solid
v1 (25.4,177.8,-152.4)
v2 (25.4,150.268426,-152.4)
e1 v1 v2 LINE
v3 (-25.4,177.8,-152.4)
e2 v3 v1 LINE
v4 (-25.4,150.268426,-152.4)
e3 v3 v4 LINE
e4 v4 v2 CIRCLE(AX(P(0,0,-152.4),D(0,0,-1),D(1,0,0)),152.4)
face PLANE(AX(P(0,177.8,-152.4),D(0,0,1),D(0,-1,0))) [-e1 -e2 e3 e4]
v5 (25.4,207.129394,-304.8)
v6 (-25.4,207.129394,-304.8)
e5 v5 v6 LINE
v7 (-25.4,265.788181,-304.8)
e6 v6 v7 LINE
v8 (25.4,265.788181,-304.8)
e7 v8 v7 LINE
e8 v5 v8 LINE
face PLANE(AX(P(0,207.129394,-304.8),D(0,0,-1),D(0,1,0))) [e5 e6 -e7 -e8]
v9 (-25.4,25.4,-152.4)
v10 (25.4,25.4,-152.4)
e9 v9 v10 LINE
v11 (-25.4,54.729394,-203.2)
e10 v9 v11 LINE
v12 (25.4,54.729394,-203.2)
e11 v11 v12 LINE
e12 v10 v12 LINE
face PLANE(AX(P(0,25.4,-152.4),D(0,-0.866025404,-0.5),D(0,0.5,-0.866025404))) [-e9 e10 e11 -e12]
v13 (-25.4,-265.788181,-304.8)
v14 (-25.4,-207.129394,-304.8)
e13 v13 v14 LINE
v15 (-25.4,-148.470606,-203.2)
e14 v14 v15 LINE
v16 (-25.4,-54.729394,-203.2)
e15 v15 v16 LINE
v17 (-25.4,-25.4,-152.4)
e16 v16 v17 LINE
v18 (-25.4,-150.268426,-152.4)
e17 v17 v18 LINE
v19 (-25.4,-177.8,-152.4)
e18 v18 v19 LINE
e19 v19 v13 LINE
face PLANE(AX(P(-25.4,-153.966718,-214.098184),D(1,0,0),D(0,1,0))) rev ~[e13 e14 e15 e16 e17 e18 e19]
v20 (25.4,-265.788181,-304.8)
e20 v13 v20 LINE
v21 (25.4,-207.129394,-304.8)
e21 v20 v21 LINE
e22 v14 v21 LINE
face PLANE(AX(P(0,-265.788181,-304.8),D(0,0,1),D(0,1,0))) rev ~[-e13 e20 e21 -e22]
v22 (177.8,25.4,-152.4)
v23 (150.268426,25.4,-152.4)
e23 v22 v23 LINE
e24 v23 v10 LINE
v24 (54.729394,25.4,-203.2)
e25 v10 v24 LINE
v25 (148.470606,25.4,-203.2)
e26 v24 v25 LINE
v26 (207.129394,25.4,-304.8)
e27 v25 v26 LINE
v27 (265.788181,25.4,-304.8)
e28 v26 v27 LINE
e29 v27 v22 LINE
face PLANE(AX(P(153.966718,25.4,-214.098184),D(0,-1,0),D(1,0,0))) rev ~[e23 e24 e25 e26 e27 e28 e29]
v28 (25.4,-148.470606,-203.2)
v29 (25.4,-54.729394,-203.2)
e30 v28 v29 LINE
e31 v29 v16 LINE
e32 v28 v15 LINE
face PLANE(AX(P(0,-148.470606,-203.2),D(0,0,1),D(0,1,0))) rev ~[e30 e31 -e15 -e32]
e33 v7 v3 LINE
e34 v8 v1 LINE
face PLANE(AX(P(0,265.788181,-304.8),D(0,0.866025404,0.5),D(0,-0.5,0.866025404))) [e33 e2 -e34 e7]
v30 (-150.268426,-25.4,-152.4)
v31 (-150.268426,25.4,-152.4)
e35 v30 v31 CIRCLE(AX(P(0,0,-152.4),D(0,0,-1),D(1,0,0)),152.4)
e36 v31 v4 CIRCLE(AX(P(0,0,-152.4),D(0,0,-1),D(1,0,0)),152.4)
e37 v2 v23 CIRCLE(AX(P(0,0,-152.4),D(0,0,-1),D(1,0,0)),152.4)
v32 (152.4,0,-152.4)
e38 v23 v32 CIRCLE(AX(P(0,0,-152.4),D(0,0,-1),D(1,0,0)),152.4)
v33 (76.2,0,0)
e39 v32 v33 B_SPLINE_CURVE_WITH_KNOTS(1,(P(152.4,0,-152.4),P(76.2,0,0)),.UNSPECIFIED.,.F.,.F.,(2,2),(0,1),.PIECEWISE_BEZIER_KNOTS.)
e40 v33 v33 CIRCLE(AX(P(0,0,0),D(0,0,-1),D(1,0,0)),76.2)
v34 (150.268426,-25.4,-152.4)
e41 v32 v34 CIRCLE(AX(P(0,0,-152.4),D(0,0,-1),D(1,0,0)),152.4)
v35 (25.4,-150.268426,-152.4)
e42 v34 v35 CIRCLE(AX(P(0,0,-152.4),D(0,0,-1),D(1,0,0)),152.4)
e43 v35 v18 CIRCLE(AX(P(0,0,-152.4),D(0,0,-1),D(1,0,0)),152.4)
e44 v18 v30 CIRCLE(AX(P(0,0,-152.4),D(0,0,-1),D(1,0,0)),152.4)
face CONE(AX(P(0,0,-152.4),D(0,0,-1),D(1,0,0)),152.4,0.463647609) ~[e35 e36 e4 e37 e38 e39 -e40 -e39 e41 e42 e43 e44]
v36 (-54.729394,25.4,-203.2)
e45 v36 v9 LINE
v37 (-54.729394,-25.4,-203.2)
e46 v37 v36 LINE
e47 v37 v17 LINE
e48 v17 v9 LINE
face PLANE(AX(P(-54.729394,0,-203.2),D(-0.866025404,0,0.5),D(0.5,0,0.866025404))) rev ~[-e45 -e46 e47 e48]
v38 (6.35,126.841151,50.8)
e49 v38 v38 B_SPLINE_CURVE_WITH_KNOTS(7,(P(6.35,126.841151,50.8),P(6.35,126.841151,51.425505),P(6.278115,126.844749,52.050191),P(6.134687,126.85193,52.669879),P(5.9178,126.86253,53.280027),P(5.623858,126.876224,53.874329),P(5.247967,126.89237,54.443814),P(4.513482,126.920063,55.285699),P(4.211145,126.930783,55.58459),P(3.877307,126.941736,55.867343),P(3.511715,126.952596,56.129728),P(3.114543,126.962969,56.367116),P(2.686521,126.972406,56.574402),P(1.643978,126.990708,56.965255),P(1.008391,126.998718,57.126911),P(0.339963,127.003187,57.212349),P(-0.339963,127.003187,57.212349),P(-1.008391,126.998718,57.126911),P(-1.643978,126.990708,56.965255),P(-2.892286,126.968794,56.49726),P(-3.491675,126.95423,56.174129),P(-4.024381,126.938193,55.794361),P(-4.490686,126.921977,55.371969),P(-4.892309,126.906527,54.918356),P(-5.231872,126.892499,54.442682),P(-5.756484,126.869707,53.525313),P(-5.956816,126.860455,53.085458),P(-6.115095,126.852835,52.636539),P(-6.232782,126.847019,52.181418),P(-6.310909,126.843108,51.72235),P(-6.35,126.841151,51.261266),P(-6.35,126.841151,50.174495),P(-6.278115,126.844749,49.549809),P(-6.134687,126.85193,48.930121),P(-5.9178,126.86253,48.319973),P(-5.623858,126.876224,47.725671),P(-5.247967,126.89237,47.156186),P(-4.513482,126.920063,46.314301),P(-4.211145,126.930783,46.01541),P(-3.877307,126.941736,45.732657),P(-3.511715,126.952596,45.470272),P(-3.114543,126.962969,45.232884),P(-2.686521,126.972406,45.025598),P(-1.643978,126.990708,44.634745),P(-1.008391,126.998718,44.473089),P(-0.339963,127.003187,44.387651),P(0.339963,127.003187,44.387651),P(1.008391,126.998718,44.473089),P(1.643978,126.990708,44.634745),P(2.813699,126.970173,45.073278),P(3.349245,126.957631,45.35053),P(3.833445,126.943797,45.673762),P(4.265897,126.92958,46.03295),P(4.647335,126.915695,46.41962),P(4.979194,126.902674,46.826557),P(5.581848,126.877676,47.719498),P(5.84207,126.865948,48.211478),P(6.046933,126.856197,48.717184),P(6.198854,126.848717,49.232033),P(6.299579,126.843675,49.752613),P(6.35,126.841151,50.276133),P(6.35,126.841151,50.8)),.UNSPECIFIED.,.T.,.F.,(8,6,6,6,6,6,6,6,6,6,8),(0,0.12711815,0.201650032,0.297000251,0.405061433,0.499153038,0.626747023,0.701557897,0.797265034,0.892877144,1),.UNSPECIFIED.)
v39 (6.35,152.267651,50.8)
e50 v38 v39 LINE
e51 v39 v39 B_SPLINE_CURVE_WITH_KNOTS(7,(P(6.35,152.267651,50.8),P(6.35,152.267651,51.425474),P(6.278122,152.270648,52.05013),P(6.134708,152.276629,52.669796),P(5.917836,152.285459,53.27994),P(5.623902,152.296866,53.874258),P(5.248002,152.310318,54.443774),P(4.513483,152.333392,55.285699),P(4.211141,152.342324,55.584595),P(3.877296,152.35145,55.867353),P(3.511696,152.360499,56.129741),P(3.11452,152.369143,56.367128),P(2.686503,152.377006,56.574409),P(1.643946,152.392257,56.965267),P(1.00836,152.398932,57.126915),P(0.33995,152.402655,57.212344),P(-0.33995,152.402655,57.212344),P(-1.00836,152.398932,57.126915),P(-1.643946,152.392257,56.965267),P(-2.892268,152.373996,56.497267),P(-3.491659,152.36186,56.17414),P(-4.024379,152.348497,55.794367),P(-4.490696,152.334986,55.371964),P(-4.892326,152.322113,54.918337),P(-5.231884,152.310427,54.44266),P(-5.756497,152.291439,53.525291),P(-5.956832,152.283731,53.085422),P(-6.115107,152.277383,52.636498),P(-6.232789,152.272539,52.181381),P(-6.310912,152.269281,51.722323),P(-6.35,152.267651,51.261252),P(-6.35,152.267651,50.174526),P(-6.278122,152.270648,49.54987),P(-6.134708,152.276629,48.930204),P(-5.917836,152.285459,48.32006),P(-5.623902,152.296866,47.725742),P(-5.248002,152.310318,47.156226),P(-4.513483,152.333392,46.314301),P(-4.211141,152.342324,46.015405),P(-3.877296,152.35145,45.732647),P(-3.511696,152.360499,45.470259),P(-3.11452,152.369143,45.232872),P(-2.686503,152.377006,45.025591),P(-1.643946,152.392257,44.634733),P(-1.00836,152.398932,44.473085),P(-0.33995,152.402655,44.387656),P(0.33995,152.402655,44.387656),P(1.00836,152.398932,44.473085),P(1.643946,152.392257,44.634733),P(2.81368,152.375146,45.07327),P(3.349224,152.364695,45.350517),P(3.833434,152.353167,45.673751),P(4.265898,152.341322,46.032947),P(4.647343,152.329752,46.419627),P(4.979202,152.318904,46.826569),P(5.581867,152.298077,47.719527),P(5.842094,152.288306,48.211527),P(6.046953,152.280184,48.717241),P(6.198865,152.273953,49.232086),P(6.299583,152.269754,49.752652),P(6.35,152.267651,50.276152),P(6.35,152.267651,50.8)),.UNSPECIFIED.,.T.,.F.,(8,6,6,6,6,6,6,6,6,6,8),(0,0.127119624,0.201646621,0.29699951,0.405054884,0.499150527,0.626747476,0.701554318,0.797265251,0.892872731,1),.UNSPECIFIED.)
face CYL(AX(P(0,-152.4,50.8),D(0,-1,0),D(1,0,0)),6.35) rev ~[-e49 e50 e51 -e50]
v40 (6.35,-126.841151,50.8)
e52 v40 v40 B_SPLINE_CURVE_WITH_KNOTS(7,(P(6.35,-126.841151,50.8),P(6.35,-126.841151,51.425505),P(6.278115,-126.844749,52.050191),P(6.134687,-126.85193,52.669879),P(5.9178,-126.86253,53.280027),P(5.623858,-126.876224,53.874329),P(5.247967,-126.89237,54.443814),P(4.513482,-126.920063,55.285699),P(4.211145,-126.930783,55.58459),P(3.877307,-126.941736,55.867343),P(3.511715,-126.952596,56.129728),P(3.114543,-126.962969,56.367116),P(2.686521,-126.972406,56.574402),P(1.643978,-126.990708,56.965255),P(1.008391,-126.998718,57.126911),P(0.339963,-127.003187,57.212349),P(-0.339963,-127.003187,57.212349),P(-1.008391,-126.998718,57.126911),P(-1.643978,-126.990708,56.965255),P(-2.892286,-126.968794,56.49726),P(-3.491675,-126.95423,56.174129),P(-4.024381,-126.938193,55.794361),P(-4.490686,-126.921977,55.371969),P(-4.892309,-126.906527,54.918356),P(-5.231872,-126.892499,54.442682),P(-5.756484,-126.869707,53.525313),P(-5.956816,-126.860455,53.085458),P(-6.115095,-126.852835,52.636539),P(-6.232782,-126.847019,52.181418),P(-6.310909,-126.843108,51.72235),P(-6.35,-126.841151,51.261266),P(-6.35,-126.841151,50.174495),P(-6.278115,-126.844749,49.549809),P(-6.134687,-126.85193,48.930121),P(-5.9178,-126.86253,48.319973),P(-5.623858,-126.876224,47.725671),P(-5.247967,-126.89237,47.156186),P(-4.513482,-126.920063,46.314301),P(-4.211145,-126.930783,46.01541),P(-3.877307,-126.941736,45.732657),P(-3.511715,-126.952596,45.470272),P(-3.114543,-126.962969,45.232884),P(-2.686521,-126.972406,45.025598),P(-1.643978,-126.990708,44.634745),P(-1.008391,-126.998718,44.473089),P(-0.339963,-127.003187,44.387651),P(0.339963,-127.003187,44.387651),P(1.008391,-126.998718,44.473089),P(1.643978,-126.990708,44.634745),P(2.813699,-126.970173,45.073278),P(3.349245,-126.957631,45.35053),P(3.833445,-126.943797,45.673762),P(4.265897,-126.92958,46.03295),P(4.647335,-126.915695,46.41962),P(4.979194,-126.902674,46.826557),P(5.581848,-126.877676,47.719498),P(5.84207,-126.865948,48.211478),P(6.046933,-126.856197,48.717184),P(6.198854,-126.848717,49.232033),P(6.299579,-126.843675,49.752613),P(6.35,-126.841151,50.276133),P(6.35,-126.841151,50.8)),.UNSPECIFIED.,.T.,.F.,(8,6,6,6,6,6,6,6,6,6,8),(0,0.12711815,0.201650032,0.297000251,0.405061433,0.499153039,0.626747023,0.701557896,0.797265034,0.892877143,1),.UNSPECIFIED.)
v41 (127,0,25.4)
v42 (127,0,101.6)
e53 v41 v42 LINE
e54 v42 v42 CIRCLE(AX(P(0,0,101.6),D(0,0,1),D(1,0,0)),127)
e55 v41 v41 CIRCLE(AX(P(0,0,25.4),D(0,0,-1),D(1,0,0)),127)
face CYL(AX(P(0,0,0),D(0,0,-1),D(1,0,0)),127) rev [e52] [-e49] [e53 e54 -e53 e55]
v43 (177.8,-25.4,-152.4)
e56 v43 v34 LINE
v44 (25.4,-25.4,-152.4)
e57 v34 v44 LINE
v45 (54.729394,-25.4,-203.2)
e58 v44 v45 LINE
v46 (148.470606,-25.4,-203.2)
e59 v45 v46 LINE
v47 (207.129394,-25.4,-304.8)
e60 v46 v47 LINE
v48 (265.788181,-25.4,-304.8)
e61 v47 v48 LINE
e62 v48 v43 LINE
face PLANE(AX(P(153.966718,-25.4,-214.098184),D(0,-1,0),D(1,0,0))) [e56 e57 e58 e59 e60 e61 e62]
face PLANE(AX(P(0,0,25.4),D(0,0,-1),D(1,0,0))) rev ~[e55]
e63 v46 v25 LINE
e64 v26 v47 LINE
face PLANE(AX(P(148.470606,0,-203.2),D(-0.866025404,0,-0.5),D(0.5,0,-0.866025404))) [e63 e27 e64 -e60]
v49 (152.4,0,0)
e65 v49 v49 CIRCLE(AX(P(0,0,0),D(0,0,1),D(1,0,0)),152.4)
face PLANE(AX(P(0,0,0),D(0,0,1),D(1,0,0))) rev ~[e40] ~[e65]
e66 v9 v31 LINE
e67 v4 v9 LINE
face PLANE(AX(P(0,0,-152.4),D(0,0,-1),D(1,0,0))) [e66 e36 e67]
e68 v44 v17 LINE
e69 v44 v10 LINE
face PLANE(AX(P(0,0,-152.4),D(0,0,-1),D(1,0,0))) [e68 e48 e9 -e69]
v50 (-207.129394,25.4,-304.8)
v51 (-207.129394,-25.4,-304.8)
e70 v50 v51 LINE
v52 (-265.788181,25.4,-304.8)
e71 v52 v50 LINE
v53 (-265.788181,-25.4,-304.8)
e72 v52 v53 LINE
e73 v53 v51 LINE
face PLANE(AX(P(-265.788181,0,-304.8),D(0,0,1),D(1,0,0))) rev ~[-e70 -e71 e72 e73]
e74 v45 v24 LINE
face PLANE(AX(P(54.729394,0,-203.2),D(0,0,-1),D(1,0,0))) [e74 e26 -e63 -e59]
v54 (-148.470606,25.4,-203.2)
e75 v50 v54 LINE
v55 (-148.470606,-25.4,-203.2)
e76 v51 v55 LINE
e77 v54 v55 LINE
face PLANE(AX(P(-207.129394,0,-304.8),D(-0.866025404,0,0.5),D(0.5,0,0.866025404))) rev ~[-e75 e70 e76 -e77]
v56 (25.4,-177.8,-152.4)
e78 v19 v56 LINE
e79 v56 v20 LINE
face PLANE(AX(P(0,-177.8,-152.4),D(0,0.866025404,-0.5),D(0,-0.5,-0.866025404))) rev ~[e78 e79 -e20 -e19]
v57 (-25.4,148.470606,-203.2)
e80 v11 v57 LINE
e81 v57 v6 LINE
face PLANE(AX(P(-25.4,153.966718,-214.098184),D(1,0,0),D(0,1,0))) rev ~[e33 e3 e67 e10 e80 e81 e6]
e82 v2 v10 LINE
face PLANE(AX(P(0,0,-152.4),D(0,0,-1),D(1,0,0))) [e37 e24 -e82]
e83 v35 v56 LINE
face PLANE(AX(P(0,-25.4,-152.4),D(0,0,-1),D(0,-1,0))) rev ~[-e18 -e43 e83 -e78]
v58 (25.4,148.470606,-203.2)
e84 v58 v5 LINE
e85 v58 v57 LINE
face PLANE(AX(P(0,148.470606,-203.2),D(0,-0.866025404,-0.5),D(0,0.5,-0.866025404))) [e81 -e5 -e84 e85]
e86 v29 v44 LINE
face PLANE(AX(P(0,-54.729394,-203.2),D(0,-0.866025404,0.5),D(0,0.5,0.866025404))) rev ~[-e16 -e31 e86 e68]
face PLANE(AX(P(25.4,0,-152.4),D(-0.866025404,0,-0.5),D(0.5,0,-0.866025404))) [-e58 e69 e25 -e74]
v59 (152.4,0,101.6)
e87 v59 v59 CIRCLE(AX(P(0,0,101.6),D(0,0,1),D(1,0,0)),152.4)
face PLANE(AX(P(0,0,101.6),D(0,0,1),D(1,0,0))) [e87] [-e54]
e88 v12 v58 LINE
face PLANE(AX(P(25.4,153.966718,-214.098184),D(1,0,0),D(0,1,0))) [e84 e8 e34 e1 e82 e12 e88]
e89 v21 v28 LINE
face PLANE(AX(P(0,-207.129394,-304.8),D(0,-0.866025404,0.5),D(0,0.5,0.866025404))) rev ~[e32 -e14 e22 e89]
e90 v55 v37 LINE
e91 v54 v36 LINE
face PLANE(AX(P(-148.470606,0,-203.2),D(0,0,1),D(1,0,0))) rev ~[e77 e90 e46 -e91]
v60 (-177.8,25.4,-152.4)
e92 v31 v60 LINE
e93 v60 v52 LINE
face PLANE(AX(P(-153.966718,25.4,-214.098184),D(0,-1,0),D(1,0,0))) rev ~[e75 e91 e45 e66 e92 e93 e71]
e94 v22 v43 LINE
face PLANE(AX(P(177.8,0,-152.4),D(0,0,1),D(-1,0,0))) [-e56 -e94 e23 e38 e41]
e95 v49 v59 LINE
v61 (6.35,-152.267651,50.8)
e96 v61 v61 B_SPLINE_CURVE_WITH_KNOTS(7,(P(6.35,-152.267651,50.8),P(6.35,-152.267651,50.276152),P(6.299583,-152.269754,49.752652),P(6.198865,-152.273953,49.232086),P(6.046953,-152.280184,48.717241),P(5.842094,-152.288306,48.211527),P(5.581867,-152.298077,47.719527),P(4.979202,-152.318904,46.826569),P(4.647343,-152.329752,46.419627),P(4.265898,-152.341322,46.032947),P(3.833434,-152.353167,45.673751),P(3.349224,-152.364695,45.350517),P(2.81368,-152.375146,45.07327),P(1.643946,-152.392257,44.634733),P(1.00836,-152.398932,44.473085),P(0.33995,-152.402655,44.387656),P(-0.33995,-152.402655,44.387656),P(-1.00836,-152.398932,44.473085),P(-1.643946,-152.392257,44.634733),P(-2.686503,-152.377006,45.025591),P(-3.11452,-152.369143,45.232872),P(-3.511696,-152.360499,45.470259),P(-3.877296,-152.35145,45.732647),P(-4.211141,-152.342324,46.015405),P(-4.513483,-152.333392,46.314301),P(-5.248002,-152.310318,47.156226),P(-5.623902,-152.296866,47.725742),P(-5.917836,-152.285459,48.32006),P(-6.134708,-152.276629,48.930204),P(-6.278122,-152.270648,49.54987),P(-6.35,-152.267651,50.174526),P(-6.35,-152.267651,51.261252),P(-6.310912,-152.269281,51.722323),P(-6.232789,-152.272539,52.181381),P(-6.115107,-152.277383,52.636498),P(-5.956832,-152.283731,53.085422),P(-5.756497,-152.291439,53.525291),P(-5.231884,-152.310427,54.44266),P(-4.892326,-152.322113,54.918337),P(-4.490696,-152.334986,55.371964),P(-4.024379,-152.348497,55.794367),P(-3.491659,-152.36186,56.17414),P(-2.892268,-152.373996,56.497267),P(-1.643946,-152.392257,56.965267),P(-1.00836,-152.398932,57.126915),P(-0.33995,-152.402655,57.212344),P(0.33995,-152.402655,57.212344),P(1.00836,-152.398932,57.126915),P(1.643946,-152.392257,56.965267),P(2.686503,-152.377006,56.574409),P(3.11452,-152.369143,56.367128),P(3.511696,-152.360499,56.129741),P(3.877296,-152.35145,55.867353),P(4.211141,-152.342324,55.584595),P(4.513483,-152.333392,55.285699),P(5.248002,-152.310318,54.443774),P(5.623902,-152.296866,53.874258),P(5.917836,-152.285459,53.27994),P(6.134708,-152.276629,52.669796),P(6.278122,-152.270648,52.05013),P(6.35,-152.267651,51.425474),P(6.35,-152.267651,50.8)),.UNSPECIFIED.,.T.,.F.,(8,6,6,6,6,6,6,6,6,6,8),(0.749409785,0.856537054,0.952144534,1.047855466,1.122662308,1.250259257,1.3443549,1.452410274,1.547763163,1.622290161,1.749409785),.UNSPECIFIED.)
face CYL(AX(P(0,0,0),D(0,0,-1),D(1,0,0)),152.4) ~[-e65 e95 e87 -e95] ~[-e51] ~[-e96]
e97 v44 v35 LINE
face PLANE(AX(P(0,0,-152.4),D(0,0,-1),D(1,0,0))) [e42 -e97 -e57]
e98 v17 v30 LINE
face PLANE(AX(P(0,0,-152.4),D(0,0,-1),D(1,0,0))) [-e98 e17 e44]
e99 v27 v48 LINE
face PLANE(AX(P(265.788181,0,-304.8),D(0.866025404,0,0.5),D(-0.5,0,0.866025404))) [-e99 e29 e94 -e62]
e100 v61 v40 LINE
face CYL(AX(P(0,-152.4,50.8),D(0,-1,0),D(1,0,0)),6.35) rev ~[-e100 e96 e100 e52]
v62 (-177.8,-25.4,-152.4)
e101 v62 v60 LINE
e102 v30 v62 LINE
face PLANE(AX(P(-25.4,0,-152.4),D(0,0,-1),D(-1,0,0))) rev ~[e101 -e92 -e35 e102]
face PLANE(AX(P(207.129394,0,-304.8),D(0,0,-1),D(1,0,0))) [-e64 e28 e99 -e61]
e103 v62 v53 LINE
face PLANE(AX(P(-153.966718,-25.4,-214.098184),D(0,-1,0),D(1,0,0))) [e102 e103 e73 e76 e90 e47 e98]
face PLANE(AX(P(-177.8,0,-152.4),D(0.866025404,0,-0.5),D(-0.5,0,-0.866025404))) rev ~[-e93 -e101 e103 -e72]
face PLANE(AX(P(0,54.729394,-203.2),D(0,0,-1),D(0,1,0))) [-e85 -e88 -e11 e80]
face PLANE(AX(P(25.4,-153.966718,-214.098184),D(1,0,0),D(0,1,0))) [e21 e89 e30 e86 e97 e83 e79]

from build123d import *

# Parameters (mm, degrees)
F0_R      = 152.4
F0_R_2    = 127
F1_DEPTH  = 101.6
F2_R      = 127.018603898
F3_DEPTH  = 25.4
F5_R      = 6.35
F6_DEPTH  = 304.801
F9_R      = 152.4
F7_R      = 76.2
F13_DEPTH = 25.4
F15_DEPTH = 25.4


with BuildPart() as f1:
    # F0 (on Top) → F1 (new body)
    with BuildSketch(Plane.XY):
        Circle(F0_R)
        Circle(F0_R_2, mode=Mode.SUBTRACT)
    extrude(amount=F1_DEPTH)

    # F2 (on face) → F3 (join)
    with BuildSketch(Plane(origin=(0, 0, 0), x_dir=(1, 0, 0), z_dir=(0, 0, -1))):
        Circle(F2_R)
    extrude(amount=-F3_DEPTH)

    # F5 (on offset) → F6 (cut, through all)
    with BuildSketch(Plane.XZ.offset(152.4)):
        with Locations((0, 50.8)):
            Circle(F5_R)
    extrude(amount=-F6_DEPTH, mode=Mode.SUBTRACT)

    # F9 (on offset) → F10 section 0
    with BuildSketch(Plane(origin=(0, 0, -152.4), x_dir=(1, 0, 0), z_dir=(0, 0, -1))):
        Circle(F9_R)
    # F7 (on face) → F10 section 1
    with BuildSketch(Plane(origin=(0, 0, 0), x_dir=(1, 0, 0), z_dir=(0, 0, -1))):
        Circle(F7_R)
    loft()

    # F12 (on Front) → F13 (join, symmetric)
    with BuildSketch(Plane.XZ):
        Polygon((-177.8, -152.4), (-265.7881810245, -304.8), (-207.1293936748, -304.8), (-148.4706063252, -203.2), (-54.7293936748, -203.2), (-25.4, -152.4), align=None)
        Polygon((148.4706063252, -203.2), (207.1293936748, -304.8), (265.7881810245, -304.8), (177.8, -152.4), (25.4, -152.4), (54.7293936748, -203.2), align=None)
    extrude(amount=F13_DEPTH, both=True)

    # F14 (on Right) → F15 (join, symmetric)
    with BuildSketch(Plane.YZ):
        Polygon((-25.4, -152.4), (-177.8, -152.4), (-265.7881810245, -304.8), (-207.1293936748, -304.8), (-148.4706063252, -203.2), (-54.7293936748, -203.2), align=None)
        Polygon((265.7881810245, -304.8), (177.8, -152.4), (25.4, -152.4), (54.7293936748, -203.2), (148.4706063252, -203.2), (207.1293936748, -304.8), align=None)
    extrude(amount=F15_DEPTH, both=True)


solid = f1.part
